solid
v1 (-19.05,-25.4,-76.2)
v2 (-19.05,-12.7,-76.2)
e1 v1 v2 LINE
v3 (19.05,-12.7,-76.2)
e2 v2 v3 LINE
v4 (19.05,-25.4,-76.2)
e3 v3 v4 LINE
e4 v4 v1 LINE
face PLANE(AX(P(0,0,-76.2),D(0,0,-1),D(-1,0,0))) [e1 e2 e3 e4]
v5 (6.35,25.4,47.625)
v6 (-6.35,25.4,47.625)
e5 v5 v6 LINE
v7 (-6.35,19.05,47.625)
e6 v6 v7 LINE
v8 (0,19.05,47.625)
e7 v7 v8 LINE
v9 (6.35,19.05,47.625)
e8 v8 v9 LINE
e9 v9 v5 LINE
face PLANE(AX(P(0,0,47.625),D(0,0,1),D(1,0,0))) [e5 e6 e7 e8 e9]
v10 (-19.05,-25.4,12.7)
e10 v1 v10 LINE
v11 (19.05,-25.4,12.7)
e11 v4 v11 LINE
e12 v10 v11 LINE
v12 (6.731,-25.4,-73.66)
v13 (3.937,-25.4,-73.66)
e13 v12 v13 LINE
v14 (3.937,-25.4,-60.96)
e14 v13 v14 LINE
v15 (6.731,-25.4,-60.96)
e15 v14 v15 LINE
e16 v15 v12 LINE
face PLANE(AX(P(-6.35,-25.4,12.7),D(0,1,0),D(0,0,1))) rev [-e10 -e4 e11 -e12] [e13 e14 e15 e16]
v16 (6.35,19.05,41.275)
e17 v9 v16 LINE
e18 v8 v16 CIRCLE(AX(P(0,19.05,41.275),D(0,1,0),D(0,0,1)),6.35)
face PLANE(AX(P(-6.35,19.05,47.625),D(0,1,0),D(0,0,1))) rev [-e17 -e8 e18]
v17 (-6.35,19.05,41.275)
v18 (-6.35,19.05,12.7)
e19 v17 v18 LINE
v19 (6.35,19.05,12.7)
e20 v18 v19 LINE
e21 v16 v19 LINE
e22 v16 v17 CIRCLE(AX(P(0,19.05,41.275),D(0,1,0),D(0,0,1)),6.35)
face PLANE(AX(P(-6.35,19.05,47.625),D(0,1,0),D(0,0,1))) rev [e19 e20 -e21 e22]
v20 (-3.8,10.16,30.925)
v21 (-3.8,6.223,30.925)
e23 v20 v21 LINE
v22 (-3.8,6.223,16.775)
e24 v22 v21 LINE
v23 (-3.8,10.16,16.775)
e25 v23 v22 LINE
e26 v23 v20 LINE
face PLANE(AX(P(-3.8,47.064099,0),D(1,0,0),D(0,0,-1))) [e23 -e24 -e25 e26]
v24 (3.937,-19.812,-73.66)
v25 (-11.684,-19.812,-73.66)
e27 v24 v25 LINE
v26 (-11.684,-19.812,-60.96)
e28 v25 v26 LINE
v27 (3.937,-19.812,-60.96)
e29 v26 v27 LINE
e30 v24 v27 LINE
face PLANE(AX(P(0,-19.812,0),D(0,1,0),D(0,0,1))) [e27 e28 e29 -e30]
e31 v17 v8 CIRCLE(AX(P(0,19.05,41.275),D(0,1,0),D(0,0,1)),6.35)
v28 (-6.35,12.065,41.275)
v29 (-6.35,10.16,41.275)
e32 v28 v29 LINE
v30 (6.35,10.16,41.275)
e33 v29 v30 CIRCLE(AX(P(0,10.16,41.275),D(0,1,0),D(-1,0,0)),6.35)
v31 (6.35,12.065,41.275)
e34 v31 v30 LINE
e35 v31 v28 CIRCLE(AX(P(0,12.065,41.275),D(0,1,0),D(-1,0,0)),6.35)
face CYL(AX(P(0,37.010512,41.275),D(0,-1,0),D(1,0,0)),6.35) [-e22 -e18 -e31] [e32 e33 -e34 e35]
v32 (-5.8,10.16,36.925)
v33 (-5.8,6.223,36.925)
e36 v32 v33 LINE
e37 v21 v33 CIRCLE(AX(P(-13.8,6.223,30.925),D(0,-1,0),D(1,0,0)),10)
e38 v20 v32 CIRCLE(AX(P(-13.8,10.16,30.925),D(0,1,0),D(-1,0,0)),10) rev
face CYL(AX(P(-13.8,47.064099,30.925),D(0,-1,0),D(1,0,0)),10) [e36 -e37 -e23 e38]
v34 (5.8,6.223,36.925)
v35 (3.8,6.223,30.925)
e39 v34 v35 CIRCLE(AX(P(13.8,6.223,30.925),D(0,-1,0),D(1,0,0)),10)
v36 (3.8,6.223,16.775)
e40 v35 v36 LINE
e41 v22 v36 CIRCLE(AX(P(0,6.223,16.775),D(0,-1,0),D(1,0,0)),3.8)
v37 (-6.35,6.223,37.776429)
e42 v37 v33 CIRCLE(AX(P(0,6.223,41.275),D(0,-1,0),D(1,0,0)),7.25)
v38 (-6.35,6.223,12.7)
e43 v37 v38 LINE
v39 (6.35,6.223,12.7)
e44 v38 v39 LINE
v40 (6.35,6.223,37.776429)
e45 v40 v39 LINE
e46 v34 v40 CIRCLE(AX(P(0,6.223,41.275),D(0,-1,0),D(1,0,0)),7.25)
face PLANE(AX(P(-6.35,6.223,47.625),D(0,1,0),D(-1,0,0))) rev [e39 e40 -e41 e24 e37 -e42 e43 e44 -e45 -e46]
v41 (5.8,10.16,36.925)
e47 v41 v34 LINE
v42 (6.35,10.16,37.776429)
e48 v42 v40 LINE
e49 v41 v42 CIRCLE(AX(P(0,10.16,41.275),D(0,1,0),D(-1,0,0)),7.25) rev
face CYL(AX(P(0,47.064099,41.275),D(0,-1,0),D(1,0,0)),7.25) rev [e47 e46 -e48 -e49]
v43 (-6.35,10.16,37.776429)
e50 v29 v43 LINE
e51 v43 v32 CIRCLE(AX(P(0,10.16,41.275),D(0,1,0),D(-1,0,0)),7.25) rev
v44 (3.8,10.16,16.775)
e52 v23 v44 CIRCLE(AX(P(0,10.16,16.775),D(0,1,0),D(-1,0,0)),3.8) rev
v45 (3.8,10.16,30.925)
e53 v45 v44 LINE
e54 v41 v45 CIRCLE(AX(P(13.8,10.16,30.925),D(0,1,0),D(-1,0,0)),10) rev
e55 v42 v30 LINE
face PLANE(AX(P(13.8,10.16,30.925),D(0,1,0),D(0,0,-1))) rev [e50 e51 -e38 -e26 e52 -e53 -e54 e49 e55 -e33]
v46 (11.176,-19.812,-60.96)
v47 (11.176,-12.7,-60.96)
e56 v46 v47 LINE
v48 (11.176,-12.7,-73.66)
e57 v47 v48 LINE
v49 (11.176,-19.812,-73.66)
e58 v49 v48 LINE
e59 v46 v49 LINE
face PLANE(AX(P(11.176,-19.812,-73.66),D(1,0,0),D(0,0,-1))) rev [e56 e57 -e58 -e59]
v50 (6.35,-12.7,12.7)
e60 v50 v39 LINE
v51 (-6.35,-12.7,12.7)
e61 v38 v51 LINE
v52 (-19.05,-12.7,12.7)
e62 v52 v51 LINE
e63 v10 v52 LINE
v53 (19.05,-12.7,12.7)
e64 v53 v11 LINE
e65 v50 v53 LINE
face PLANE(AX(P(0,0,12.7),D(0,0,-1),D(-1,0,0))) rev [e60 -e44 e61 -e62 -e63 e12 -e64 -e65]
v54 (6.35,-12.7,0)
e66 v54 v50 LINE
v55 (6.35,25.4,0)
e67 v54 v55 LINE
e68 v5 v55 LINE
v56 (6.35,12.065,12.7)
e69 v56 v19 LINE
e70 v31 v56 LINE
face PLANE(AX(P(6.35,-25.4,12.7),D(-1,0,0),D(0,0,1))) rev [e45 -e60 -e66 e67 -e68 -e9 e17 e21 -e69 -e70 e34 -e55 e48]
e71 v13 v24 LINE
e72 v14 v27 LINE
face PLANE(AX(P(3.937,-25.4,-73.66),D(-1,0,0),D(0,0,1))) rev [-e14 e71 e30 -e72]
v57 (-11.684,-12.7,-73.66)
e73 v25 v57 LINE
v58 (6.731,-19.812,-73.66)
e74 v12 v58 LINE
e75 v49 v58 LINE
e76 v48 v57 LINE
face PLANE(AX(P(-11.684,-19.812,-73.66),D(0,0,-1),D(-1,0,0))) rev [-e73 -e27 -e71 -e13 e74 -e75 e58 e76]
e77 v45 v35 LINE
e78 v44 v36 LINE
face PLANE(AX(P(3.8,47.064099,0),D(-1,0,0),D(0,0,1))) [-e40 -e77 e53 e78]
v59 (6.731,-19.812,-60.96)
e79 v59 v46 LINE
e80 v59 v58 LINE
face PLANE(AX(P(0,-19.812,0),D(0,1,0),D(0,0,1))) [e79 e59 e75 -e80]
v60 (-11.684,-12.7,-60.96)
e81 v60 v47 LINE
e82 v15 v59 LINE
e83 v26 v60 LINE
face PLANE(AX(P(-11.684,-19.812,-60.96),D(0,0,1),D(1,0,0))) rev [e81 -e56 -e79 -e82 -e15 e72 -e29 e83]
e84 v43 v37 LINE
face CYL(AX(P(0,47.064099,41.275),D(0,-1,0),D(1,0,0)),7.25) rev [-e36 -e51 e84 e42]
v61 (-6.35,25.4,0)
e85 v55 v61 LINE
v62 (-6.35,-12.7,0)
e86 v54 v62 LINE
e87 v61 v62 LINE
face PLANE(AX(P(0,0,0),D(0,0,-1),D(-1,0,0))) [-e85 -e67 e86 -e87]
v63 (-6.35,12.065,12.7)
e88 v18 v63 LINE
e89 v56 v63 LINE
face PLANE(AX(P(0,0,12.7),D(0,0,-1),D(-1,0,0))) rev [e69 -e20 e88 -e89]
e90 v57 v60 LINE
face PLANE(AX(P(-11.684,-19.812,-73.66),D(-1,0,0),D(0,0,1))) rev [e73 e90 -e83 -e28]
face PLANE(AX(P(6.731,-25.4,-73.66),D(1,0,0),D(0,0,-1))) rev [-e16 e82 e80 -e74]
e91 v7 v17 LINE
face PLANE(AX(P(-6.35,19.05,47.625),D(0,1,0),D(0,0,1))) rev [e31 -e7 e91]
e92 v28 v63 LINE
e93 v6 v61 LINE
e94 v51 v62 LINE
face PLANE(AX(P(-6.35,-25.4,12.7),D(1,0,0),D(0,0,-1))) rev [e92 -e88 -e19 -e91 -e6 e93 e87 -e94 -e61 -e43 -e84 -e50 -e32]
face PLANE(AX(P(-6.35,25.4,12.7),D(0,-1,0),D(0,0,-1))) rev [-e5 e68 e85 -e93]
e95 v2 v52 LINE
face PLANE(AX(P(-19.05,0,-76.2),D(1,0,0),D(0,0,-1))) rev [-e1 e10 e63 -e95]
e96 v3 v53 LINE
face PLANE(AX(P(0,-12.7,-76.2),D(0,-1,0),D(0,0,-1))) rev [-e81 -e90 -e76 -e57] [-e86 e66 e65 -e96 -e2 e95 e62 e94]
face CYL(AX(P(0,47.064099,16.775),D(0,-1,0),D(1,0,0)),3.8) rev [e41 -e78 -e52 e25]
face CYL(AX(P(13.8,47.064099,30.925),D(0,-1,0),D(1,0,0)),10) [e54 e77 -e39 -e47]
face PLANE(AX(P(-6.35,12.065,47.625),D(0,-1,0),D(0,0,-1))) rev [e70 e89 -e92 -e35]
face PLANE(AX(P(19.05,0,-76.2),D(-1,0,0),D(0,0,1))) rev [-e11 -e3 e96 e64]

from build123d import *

# Parameters (mm, degrees)
SKETCH1_W           = 12.7
SKETCH1_H           = 50.8
BOSS_EXTRUDE1_DEPTH = 12.7
SKETCH2_W           = 12.7
SKETCH2_H           = 6.35
SKETCH2_H_2         = 5.842
BOSS_EXTRUDE2_DEPTH = 34.925
SKETCH4_R           = 6.35
BOSS_EXTRUDE3_DEPTH = 6.985
CUT_EXTRUDE1_START  = -3.937
CUT_EXTRUDE1_DEPTH  = 3.937
CUT_EXTRUDE2_DEPTH  = 12.827
BOSS_EXTRUDE4_START = -12.7
SKETCH6_W           = 38.1
SKETCH6_H           = 12.7
BOSS_EXTRUDE4_DEPTH = 88.9
SKETCH7_W           = 22.86
SKETCH7_H           = 12.7
CUT_EXTRUDE3_DEPTH  = 7.112
SKETCH9_W           = 2.794
SKETCH9_H           = 12.7
CUT_EXTRUDE4_DEPTH  = 91.628182394


with BuildPart() as part:
    # Sketch1 → Boss-Extrude1 (new body)
    with BuildSketch(Plane.XY):
        Rectangle(SKETCH1_W, SKETCH1_H)
    extrude(amount=BOSS_EXTRUDE1_DEPTH)

    # Sketch2 → Boss-Extrude2 (add)
    with BuildSketch(Plane.XY.offset(12.7)):
        with Locations((0, 22.225)):
            Rectangle(SKETCH2_W, SKETCH2_H)
        with Locations((0, 9.144)):
            Rectangle(SKETCH2_W, SKETCH2_H_2)
    extrude(amount=BOSS_EXTRUDE2_DEPTH)

    # Sketch4 → Boss-Extrude3 (add)
    with BuildSketch(Plane(origin=(0, 12.065, 0), x_dir=(1, 0, 0), z_dir=(0, 1, 0))):
        with Locations((0, -41.275)):
            Circle(SKETCH4_R)
    extrude(amount=BOSS_EXTRUDE3_DEPTH)

    # Sketch5 → Cut-Extrude1 (cut)
    with BuildSketch(Plane.XZ.offset(-6.223).offset(CUT_EXTRUDE1_START)):
        with BuildLine():
            Line((3.8, 16.775), (3.8, 30.925))
            ThreePointArc((3.8, 30.925), (4.31316702, 34.08727766), (5.8, 36.925))
            ThreePointArc((5.8, 36.925), (6.08989801, 37.34109072), (6.35, 37.776428863))
            Line((6.35, 37.776428863), (6.35, 41.275))
            ThreePointArc((6.35, 41.275), (4.490128061, 45.765128061), (0, 47.625))
            ThreePointArc((0, 47.625), (-4.490128061, 45.765128061), (-6.35, 41.275))
            Line((-6.35, 41.275), (-6.35, 37.776428863))
            ThreePointArc((-6.35, 37.776428863), (-6.08989801, 37.34109072), (-5.8, 36.925))
            ThreePointArc((-5.8, 36.925), (-4.313167019, 34.08727766), (-3.8, 30.925))
            Line((-3.8, 30.925), (-3.8, 16.775))
            ThreePointArc((-3.8, 16.775), (0, 12.975), (3.8, 16.775))
        make_face()
        with BuildLine():
            ThreePointArc((-6.35, 41.275), (-4.490128061, 45.765128061), (0, 47.625))
            Line((0, 47.625), (-3.498571137, 47.625))
            Line((-3.498571137, 47.625), (-6.35, 47.625))
            Line((-6.35, 47.625), (-6.35, 44.773571137))
            Line((-6.35, 44.773571137), (-6.35, 41.275))
        make_face()
        with BuildLine():
            ThreePointArc((0, 47.625), (4.490128061, 45.765128061), (6.35, 41.275))
            Line((6.35, 41.275), (6.35, 44.773571137))
            Line((6.35, 44.773571137), (6.35, 47.625))
            Line((6.35, 47.625), (3.498571137, 47.625))
            Line((3.498571137, 47.625), (0, 47.625))
        make_face()
    extrude(amount=CUT_EXTRUDE1_DEPTH, mode=Mode.SUBTRACT)

    # Sketch5<3> → Cut-Extrude2 (cut)
    with BuildSketch(Plane.XZ.offset(-6.223)):
        with BuildLine():
            ThreePointArc((-6.35, 41.275), (-4.490128061, 45.765128061), (0, 47.625))
            Line((0, 47.625), (-3.498571137, 47.625))
            Line((-3.498571137, 47.625), (-6.35, 47.625))
            Line((-6.35, 47.625), (-6.35, 44.773571137))
            Line((-6.35, 44.773571137), (-6.35, 41.275))
        make_face()
        with BuildLine():
            ThreePointArc((0, 47.625), (4.490128061, 45.765128061), (6.35, 41.275))
            Line((6.35, 41.275), (6.35, 44.773571137))
            Line((6.35, 44.773571137), (6.35, 47.625))
            Line((6.35, 47.625), (3.498571137, 47.625))
            Line((3.498571137, 47.625), (0, 47.625))
        make_face()
    extrude(amount=-CUT_EXTRUDE2_DEPTH, mode=Mode.SUBTRACT)

    # Sketch6 → Boss-Extrude4 (add)
    with BuildSketch(Plane(origin=(0, 0, 0), x_dir=(-1, 0, 0), z_dir=(0, 0, -1)).offset(BOSS_EXTRUDE4_START)):
        with Locations((0, -19.05)):
            Rectangle(SKETCH6_W, SKETCH6_H)
    extrude(amount=BOSS_EXTRUDE4_DEPTH)

    # Sketch7 → Cut-Extrude3 (cut)
    with BuildSketch(Plane(origin=(0, -12.7, 0), x_dir=(1, 0, 0), z_dir=(0, 1, 0))):
        with Locations((-0.254, 67.31)):
            Rectangle(SKETCH7_W, SKETCH7_H)
    extrude(amount=-CUT_EXTRUDE3_DEPTH, mode=Mode.SUBTRACT)

    # Sketch9 → Cut-Extrude4 (cut, through all)
    with BuildSketch(Plane(origin=(0, -19.812, 0), x_dir=(1, 0, 0), z_dir=(0, 1, 0))):
        with Locations((5.334, 67.31)):
            Rectangle(SKETCH9_W, SKETCH9_H)
    extrude(amount=-CUT_EXTRUDE4_DEPTH, mode=Mode.SUBTRACT)


solid = part.part
